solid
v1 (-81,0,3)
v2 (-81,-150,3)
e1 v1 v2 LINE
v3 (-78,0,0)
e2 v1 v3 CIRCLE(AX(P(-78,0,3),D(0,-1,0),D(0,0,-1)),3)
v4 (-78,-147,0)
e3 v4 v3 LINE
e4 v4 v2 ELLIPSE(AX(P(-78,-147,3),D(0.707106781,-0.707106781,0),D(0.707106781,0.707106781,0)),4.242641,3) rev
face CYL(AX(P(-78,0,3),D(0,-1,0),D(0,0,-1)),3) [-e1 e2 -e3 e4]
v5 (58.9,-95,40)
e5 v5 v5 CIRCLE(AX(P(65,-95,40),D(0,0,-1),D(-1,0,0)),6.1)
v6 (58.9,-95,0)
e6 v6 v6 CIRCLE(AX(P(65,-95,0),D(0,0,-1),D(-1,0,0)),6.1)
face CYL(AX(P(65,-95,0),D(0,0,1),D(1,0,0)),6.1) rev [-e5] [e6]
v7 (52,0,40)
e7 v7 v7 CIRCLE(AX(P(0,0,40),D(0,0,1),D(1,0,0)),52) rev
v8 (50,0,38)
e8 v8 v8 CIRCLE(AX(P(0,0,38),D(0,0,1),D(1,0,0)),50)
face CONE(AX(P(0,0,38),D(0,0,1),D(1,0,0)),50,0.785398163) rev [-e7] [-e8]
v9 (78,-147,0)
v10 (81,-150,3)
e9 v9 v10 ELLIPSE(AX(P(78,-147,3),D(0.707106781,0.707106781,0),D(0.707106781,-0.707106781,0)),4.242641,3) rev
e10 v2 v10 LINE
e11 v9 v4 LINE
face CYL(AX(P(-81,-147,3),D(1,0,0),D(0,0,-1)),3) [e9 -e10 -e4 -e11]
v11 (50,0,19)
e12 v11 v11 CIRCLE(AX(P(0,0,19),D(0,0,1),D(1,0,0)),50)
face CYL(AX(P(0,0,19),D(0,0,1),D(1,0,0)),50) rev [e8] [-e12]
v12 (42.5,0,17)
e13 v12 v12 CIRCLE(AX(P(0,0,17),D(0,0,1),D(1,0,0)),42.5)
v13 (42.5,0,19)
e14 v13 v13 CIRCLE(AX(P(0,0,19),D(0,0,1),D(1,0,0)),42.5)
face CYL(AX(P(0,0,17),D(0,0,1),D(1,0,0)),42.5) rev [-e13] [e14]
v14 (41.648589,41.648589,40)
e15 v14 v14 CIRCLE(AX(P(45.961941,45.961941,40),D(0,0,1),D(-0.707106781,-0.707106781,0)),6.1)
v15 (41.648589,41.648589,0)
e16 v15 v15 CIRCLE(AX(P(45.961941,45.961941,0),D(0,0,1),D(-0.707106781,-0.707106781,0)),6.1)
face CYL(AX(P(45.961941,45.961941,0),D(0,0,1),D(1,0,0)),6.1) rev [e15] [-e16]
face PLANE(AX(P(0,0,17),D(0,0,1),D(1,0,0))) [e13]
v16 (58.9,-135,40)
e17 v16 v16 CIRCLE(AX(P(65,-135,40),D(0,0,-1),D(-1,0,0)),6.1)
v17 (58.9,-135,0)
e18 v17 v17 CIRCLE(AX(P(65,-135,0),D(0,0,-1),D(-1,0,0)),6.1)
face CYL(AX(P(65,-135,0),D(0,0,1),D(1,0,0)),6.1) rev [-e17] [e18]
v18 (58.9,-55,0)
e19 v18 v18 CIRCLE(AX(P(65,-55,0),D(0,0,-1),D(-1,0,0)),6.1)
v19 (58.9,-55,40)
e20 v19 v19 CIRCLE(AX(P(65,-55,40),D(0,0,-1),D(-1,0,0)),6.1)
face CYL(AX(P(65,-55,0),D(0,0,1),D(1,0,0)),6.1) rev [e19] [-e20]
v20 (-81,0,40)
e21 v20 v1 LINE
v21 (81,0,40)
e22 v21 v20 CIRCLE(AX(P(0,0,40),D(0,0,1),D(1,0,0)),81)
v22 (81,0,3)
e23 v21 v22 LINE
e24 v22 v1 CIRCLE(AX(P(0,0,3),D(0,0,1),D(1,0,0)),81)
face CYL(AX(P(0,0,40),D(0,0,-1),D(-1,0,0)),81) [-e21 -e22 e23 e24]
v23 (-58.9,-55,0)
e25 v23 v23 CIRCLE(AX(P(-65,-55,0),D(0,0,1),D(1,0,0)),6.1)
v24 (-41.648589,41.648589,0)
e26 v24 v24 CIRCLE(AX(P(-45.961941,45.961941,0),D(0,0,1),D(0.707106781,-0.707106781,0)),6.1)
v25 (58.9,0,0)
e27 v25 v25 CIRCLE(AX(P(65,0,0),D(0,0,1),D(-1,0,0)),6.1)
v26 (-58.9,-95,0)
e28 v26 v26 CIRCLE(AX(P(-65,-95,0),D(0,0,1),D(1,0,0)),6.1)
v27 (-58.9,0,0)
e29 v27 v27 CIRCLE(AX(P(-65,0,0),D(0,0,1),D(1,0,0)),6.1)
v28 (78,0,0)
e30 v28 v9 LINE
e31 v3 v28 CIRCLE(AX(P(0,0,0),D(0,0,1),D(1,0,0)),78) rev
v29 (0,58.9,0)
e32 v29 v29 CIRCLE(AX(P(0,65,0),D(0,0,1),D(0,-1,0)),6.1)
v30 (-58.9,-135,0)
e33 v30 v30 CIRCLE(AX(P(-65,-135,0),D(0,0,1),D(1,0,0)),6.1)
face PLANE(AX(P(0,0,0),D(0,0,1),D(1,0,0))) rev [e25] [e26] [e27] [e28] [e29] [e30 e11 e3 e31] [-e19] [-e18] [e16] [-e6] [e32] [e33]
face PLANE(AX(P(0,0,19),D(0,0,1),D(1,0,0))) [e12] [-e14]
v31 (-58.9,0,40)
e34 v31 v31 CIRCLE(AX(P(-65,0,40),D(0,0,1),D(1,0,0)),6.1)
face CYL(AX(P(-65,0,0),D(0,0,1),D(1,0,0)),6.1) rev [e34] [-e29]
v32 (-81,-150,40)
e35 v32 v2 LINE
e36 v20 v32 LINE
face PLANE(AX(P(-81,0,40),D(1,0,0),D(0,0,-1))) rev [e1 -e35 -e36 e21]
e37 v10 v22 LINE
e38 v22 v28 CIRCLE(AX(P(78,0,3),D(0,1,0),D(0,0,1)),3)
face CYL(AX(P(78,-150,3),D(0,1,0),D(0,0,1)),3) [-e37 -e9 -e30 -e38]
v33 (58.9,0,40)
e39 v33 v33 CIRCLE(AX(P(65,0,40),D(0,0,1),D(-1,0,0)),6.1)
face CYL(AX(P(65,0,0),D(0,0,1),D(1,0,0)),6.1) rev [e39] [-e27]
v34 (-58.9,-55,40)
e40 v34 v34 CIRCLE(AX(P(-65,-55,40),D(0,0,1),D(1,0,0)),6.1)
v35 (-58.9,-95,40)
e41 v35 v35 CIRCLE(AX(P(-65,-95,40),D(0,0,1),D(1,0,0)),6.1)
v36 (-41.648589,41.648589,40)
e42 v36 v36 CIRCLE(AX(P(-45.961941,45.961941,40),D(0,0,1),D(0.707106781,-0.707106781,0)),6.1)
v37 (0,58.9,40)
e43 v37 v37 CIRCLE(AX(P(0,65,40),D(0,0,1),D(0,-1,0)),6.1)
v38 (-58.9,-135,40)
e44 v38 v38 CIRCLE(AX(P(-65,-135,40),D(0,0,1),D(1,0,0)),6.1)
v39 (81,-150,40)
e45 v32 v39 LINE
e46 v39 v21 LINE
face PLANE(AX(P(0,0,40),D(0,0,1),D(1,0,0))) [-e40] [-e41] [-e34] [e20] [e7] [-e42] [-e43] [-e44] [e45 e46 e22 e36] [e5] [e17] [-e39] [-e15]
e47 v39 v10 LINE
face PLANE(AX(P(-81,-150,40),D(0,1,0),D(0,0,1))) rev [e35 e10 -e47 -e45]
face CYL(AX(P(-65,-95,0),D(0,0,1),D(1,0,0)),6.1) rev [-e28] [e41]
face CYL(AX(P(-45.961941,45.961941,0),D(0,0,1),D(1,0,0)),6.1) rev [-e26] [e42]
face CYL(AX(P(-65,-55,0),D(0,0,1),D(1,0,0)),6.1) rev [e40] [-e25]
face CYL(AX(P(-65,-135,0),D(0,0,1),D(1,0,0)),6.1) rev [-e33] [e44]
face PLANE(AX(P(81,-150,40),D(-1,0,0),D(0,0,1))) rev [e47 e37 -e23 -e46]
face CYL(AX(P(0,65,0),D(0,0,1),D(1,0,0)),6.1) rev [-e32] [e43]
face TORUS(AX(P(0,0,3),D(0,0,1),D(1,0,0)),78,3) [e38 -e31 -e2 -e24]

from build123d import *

# Parameters (mm, degrees)
BOSS_EXTRUDE1_DEPTH = 40
SKETCH2_R           = 6.1
CUT_EXTRUDE1_DEPTH  = 40
CIRPATTERN1_COUNT   = 5
CIRPATTERN1_ANGLE   = 180
SKETCH3_R           = 6.1
CUT_EXTRUDE2_DEPTH  = 40
SKETCH5_R           = 50
CUT_EXTRUDE3_DEPTH  = 21
SKETCH6_R           = 42.5
CUT_EXTRUDE4_DEPTH  = 2
CHAMFER1_SIZE       = 2
FILLET1_R           = 3


with BuildPart() as part:
    # Sketch1 → Boss-Extrude1 (new body)
    with BuildSketch(Plane.XY):
        with BuildLine():
            Line((-81, 0), (-81, -150))
            Line((-81, -150), (81, -150))
            Line((81, -150), (81, 0))
            ThreePointArc((81, 0), (0, 81), (-81, 0))
        make_face()
    extrude(amount=BOSS_EXTRUDE1_DEPTH)

    # Sketch2 → Cut-Extrude1 (cut)
    with BuildSketch(Plane.XY.offset(40)):
        with Locations((-65, 0)):
            Circle(SKETCH2_R)
    cut_extrude1 = extrude(amount=-CUT_EXTRUDE1_DEPTH, mode=Mode.SUBTRACT)

    # CirPattern1: Cut-Extrude1 ×5 about axis
    cirpattern1_axis = Axis((0, 0, 0), (0, 0, -1))
    for i in range(1, CIRPATTERN1_COUNT):
        add(cut_extrude1.rotate(cirpattern1_axis, i * CIRPATTERN1_ANGLE / (CIRPATTERN1_COUNT - 1)), mode=Mode.SUBTRACT)

    # Sketch3 → Cut-Extrude2 (cut)
    with BuildSketch(Plane.XY.offset(40)):
        with Locations((-65, -135)):
            Circle(SKETCH3_R)
        with Locations((-65, -95)):
            Circle(SKETCH3_R)
        with Locations((-65, -55)):
            Circle(SKETCH3_R)
    cut_extrude2 = extrude(amount=-CUT_EXTRUDE2_DEPTH, mode=Mode.SUBTRACT)

    # Mirror1: Cut-Extrude2 across plane
    add(cut_extrude2.mirror(Plane(origin=(0, 0, 0), x_dir=(0, 0, 1), z_dir=(1, 0, 0))), mode=Mode.SUBTRACT)

    # Sketch5 → Cut-Extrude3 (cut)
    with BuildSketch(Plane.XY.offset(40)):
        Circle(SKETCH5_R)
    extrude(amount=-CUT_EXTRUDE3_DEPTH, mode=Mode.SUBTRACT)

    # Sketch6 → Cut-Extrude4 (cut)
    with BuildSketch(Plane.XY.offset(19)):
        Circle(SKETCH6_R)
    extrude(amount=-CUT_EXTRUDE4_DEPTH, mode=Mode.SUBTRACT)

    # Chamfer1
    chamfer1_edges = [part.edges().sort_by_distance(p)[0] for p in [
        (-50, 0, 40),
    ]]
    chamfer(chamfer1_edges, length=CHAMFER1_SIZE)

    # Fillet1
    fillet1_edges = [part.edges().sort_by_distance(p)[0] for p in [
        (81, -75, 0),
        (0, -150, 0),
        (-81, -75, 0),
        (0, 81, 0),
    ]]
    fillet(fillet1_edges, radius=FILLET1_R)


solid = part.part
